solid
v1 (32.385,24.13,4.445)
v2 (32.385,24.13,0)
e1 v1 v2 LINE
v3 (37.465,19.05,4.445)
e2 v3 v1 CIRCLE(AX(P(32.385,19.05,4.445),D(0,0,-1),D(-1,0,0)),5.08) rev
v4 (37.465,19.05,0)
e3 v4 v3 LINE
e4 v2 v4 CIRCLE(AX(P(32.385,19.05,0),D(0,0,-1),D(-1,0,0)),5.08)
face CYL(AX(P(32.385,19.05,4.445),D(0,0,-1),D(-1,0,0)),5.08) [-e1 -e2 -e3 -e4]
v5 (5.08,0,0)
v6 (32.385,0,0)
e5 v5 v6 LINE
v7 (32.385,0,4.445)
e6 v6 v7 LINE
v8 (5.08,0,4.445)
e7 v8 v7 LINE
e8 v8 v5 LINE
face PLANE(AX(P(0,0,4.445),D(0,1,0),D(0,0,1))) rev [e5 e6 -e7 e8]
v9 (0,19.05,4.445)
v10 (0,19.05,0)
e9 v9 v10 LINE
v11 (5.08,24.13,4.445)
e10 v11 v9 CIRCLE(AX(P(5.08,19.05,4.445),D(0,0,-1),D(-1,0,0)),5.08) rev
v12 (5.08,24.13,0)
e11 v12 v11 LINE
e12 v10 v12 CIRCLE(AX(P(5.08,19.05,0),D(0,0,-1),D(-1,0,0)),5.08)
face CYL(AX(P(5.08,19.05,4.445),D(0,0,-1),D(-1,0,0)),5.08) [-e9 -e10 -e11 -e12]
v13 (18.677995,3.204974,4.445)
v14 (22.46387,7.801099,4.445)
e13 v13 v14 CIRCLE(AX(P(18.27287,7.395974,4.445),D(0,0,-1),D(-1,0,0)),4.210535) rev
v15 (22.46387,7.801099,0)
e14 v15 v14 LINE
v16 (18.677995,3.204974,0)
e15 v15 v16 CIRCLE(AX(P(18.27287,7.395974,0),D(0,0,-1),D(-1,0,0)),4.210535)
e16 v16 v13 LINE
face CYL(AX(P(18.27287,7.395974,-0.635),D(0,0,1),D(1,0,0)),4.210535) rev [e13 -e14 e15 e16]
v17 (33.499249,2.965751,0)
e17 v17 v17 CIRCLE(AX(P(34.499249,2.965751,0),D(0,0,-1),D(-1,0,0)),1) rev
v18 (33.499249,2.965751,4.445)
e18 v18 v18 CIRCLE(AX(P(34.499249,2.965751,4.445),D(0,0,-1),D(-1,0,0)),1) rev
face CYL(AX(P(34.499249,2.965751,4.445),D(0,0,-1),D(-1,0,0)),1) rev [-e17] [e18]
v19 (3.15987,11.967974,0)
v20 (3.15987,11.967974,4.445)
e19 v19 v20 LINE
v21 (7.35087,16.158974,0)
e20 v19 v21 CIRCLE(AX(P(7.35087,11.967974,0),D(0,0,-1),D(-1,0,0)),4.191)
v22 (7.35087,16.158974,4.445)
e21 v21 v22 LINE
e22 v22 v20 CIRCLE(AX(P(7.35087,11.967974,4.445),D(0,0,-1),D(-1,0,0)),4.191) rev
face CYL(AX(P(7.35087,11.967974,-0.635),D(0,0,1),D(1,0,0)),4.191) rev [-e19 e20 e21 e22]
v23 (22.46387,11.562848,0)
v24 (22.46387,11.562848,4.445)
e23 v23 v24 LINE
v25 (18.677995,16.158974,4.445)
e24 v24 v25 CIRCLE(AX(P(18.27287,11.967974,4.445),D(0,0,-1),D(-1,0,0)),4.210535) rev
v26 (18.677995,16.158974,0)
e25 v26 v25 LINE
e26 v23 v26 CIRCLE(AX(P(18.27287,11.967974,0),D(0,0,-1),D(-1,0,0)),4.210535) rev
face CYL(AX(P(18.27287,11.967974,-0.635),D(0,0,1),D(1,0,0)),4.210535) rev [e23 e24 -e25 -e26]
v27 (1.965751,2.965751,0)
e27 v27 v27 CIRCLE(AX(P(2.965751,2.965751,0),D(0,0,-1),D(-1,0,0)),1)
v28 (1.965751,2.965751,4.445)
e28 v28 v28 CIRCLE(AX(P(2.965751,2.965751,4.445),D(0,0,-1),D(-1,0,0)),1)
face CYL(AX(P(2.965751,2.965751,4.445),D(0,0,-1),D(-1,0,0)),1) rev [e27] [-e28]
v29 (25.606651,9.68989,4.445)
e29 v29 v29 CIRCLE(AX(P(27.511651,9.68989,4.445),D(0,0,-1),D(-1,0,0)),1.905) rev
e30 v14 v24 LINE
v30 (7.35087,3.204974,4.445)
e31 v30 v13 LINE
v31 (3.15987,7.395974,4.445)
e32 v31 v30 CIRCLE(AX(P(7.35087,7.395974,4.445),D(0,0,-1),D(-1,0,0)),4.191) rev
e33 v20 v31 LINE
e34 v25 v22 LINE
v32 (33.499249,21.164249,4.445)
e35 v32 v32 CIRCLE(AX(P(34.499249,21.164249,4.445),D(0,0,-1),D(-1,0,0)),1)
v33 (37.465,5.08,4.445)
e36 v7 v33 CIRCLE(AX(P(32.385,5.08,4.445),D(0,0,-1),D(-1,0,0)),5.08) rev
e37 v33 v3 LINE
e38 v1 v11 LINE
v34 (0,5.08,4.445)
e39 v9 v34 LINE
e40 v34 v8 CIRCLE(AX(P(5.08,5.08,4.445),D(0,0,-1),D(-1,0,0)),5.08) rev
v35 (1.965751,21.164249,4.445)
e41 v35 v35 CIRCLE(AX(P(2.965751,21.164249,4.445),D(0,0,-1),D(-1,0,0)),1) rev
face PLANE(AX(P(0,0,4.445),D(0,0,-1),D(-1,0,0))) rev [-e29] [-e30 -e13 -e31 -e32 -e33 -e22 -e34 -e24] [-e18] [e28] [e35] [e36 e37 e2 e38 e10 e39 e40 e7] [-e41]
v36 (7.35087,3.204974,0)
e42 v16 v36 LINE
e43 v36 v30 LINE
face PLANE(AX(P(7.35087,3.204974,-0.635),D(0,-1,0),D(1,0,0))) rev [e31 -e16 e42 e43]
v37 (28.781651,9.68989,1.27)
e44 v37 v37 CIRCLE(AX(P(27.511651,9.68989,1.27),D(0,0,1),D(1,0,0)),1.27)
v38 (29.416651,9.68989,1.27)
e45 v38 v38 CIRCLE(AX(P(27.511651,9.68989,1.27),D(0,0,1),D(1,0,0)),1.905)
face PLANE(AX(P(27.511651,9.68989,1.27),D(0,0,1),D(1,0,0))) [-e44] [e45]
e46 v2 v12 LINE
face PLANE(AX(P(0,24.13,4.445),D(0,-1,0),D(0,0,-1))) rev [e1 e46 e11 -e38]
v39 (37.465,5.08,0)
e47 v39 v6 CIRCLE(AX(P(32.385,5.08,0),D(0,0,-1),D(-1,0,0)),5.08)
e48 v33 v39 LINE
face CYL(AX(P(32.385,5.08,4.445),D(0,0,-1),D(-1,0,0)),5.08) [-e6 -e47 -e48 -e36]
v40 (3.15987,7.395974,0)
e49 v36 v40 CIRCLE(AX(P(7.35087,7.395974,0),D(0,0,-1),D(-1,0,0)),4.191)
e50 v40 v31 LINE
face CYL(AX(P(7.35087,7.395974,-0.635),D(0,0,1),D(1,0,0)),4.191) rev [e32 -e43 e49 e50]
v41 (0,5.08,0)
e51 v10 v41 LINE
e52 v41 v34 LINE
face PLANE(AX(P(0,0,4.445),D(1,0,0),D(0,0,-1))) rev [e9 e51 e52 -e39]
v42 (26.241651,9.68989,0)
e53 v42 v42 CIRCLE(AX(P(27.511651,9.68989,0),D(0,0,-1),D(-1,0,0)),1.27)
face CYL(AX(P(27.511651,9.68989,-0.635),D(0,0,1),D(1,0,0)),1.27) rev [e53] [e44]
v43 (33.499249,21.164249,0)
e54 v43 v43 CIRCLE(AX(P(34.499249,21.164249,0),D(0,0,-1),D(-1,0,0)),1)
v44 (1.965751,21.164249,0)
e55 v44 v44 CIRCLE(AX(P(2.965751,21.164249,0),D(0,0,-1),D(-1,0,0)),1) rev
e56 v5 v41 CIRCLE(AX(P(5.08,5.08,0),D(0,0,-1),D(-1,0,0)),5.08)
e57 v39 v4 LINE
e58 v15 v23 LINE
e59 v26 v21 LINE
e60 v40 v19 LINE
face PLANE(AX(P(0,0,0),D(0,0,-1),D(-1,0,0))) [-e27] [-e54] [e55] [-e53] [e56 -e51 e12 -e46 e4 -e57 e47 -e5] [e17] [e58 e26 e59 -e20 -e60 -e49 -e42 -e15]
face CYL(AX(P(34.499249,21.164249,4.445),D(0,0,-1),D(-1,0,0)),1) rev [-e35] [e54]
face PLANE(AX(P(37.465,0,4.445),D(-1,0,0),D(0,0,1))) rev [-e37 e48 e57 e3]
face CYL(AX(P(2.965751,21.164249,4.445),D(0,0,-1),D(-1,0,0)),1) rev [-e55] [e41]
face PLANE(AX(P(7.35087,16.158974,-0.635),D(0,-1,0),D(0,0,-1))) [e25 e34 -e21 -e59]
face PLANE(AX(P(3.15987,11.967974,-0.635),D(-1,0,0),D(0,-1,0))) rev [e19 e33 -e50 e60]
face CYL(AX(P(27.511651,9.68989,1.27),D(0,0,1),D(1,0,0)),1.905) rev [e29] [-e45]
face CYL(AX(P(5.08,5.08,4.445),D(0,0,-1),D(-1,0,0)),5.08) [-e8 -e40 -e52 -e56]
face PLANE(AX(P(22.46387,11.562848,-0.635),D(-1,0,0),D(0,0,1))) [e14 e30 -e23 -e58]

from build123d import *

# Parameters (mm, degrees)
SKETCH1_W           = 37.465
SKETCH1_H           = 24.13
BOSS_EXTRUDE1_DEPTH = 4.445
CUT_EXTRUDE2_DEPTH  = 2.54
FILLET1_R           = 5.08
CUT_EXTRUDE4_DEPTH  = 2.54
SKETCH4_R           = 1.27
CUT_EXTRUDE5_DEPTH  = 2.54
SKETCH5_R           = 1.905
SKETCH5_R_2         = 1.27
CUT_EXTRUDE6_DEPTH  = 0.635
CUT_EXTRUDE7_DEPTH  = 2.54
BOSS_EXTRUDE2_START = 2.54
SKETCH7_R           = 1.905
BOSS_EXTRUDE2_DEPTH = 2.54
SKETCH8_R           = 1
CUT_EXTRUDE8_DEPTH  = 45.784385114


with BuildPart() as part:
    # Sketch1 → Boss-Extrude1 (new body)
    with BuildSketch(Plane.XY):
        with Locations((18.7325, 12.065)):
            Rectangle(SKETCH1_W, SKETCH1_H)
    extrude(amount=BOSS_EXTRUDE1_DEPTH)

    # Sketch2 → Cut-Extrude2 (cut)
    # profile 1 of 4: a face of its own
    with BuildSketch(Plane.XY.offset(4.445)):
        with BuildLine():
            Line((35.59175, 5.7785), (35.59175, 12.065))
            Line((35.59175, 12.065), (35.59175, 18.3515))
            ThreePointArc((35.59175, 18.3515), (34.135361545, 21.710109865), (30.681521372, 22.9235))
            Line((30.681521372, 22.9235), (18.7325, 22.9235))
            Line((18.7325, 22.9235), (6.107021372, 22.9235))
            ThreePointArc((6.107021372, 22.9235), (3.090639267, 21.470453234), (1.87325, 18.3515))
            Line((1.87325, 18.3515), (1.87325, 12.065))
            Line((1.87325, 12.065), (1.87325, 5.7785))
            ThreePointArc((1.87325, 5.7785), (3.212357796, 2.545607796), (6.44525, 1.2065))
            Line((6.44525, 1.2065), (18.7325, 1.2065))
            Line((18.7325, 1.2065), (31.01975, 1.2065))
            ThreePointArc((31.01975, 1.2065), (34.252642204, 2.545607796), (35.59175, 5.7785))
        make_face()
        with BuildLine():
            ThreePointArc((7.493, 3.175), (4.439712919, 4.439712919), (3.175, 7.493))
            Line((3.175, 7.493), (3.175, 16.637))
            ThreePointArc((3.175, 16.637), (4.317872951, 19.576666289), (7.154771372, 20.955))
            Line((7.154771372, 20.955), (7.493, 20.955))
            Line((7.493, 20.955), (29.633771372, 20.955))
            ThreePointArc((29.633771372, 20.955), (32.908147923, 19.81638289), (34.29, 16.637))
            Line((34.29, 16.637), (34.29, 7.493))
            ThreePointArc((34.29, 7.493), (33.025287081, 4.439712919), (29.972, 3.175))
            Line((29.972, 3.175), (7.493, 3.175))
        make_face(mode=Mode.SUBTRACT)
    # profile 2 of 4: a face of its own
    with BuildSketch(Plane.XY.offset(4.445)):
        with BuildLine():
            ThreePointArc((3.175, 16.637), (4.439712919, 19.690287081), (7.493, 20.955))
            Line((7.493, 20.955), (29.972, 20.955))
            ThreePointArc((29.972, 20.955), (33.025287081, 19.690287081), (34.29, 16.637))
            Line((34.29, 16.637), (34.29, 7.493))
            ThreePointArc((34.29, 7.493), (33.025287081, 4.439712919), (29.972, 3.175))
            Line((29.972, 3.175), (7.493, 3.175))
            ThreePointArc((7.493, 3.175), (4.439712919, 4.439712919), (3.175, 7.493))
            Line((3.175, 7.493), (3.175, 16.637))
        make_face()
    # profile 3 of 4: a face of its own
    with BuildSketch(Plane.XY.offset(4.445)):
        with BuildLine():
            ThreePointArc((7.154771372, 20.955), (4.317872951, 19.576666289), (3.175, 16.637))
            ThreePointArc((3.175, 16.637), (4.439712919, 19.690287081), (7.493, 20.955))
            Line((7.493, 20.955), (7.154771372, 20.955))
        make_face()
    # profile 4 of 4: a face of its own
    with BuildSketch(Plane.XY.offset(4.445)):
        with BuildLine():
            ThreePointArc((34.29, 16.637), (32.908147923, 19.81638289), (29.633771372, 20.955))
            Line((29.633771372, 20.955), (29.972, 20.955))
            ThreePointArc((29.972, 20.955), (33.025287081, 19.690287081), (34.29, 16.637))
        make_face()
    extrude(amount=-CUT_EXTRUDE2_DEPTH, mode=Mode.SUBTRACT)

    # Fillet1
    fillet1_edges = [part.edges().sort_by_distance(p)[0] for p in [
        (0, 24.13, 2.2225),
        (37.465, 24.13, 2.2225),
        (37.465, 0, 2.2225),
        (0, 0, 2.2225),
    ]]
    fillet(fillet1_edges, radius=FILLET1_R)

    # Sketch3 → Cut-Extrude4 (cut)
    with BuildSketch(Plane.XY.offset(1.905)):
        with BuildLine():
            Line((7.350869654, 16.158973759), (18.677995313, 16.158973759))
            ThreePointArc((18.677995313, 16.158973759), (21.522821275, 14.644991178), (22.463869654, 11.5628481))
            Line((22.463869654, 11.5628481), (22.463869654, 7.801099417))
            ThreePointArc((22.463869654, 7.801099417), (21.522821275, 4.718956339), (18.677995313, 3.204973759))
            Line((18.677995313, 3.204973759), (7.350869654, 3.204973759))
            ThreePointArc((7.350869654, 3.204973759), (4.387385134, 4.432489239), (3.159869654, 7.395973759))
            Line((3.159869654, 7.395973759), (3.159869654, 11.967973759))
            ThreePointArc((3.159869654, 11.967973759), (4.387385134, 14.931458278), (7.350869654, 16.158973759))
        make_face()
    extrude(amount=-CUT_EXTRUDE4_DEPTH, mode=Mode.SUBTRACT)

    # Sketch4 → Cut-Extrude5 (cut)
    with BuildSketch(Plane.XY.offset(1.905)):
        with Locations((27.511650569, 9.68988988)):
            Circle(SKETCH4_R)
    extrude(amount=-CUT_EXTRUDE5_DEPTH, mode=Mode.SUBTRACT)

    # Sketch5 → Cut-Extrude6 (cut)
    with BuildSketch(Plane.XY.offset(1.905)):
        with Locations((27.511650569, 9.68988988)):
            Circle(SKETCH5_R)
        with Locations((27.511650569, 9.68988988)):
            Circle(SKETCH5_R_2, mode=Mode.SUBTRACT)
    extrude(amount=-CUT_EXTRUDE6_DEPTH, mode=Mode.SUBTRACT)

    # Sketch6 → Cut-Extrude7 (cut)
    with BuildSketch(Plane.XY.offset(4.445)):
        with BuildLine():
            Line((1.542829573, 18.47723), (1.542829573, 5.65277))
            ThreePointArc((1.542829573, 5.65277), (2.908719525, 2.355219952), (6.206269573, 0.98933))
            Line((6.206269573, 0.98933), (31.272259573, 0.98933))
            ThreePointArc((31.272259573, 0.98933), (34.56980962, 2.355219952), (35.935699573, 5.65277))
            Line((35.935699573, 5.65277), (35.935699573, 18.47723))
            ThreePointArc((35.935699573, 18.47723), (34.450183348, 21.903012063), (30.927266372, 23.14067))
            Line((30.927266372, 23.14067), (5.861276372, 23.14067))
            ThreePointArc((5.861276372, 23.14067), (2.784566625, 21.658562299), (1.542829573, 18.47723))
        make_face()
        with BuildLine():
            Line((6.44525, 1.2065), (31.01975, 1.2065))
            ThreePointArc((31.01975, 1.2065), (34.252642204, 2.545607796), (35.59175, 5.7785))
            Line((35.59175, 5.7785), (35.59175, 18.3515))
            ThreePointArc((35.59175, 18.3515), (34.135361545, 21.710109865), (30.681521372, 22.9235))
            Line((30.681521372, 22.9235), (6.107021372, 22.9235))
            ThreePointArc((6.107021372, 22.9235), (3.090639267, 21.470453234), (1.87325, 18.3515))
            Line((1.87325, 18.3515), (1.87325, 5.7785))
            ThreePointArc((1.87325, 5.7785), (3.212357796, 2.545607796), (6.44525, 1.2065))
        make_face(mode=Mode.SUBTRACT)
    extrude(amount=-CUT_EXTRUDE7_DEPTH, mode=Mode.SUBTRACT)

    # Sketch7 → Boss-Extrude2 (add)
    with BuildSketch(Plane.XY.offset(1.905).offset(BOSS_EXTRUDE2_START)):
        with BuildLine():
            Line((1.542829573, 18.47723), (1.542829573, 5.65277))
            ThreePointArc((1.542829573, 5.65277), (2.908719525, 2.355219952), (6.206269573, 0.98933))
            Line((6.206269573, 0.98933), (31.272259573, 0.98933))
            ThreePointArc((31.272259573, 0.98933), (34.56980962, 2.355219952), (35.935699573, 5.65277))
            Line((35.935699573, 5.65277), (35.935699573, 18.47723))
            ThreePointArc((35.935699573, 18.47723), (34.450183348, 21.903012063), (30.927266372, 23.14067))
            Line((30.927266372, 23.14067), (5.861276372, 23.14067))
            ThreePointArc((5.861276372, 23.14067), (2.784566625, 21.658562299), (1.542829573, 18.47723))
        make_face()
        with Locations((27.511650569, 9.68988988)):
            Circle(SKETCH7_R, mode=Mode.SUBTRACT)
        with BuildLine():
            Line((3.159869654, 7.395973759), (3.159869654, 11.967973759))
            ThreePointArc((3.159869654, 11.967973759), (4.387385134, 14.931458278), (7.350869654, 16.158973759))
            Line((7.350869654, 16.158973759), (18.677995313, 16.158973759))
            ThreePointArc((18.677995313, 16.158973759), (21.522821275, 14.644991178), (22.463869654, 11.5628481))
            Line((22.463869654, 11.5628481), (22.463869654, 7.801099417))
            ThreePointArc((22.463869654, 7.801099417), (21.522821275, 4.718956339), (18.677995313, 3.204973759))
            Line((18.677995313, 3.204973759), (7.350869654, 3.204973759))
            ThreePointArc((7.350869654, 3.204973759), (4.387385134, 4.432489239), (3.159869654, 7.395973759))
        make_face(mode=Mode.SUBTRACT)
    extrude(amount=-BOSS_EXTRUDE2_DEPTH)

    # Sketch8 → Cut-Extrude8 (cut, through all)
    with BuildSketch(Plane(origin=(0, 0, 0), x_dir=(-1, 0, 0), z_dir=(0, 0, -1))):
        with Locations((-34.499249276, 21.164249276)):
            Circle(SKETCH8_R)
        with Locations((-34.499249276, 2.965750724)):
            Circle(SKETCH8_R)
        with Locations((-2.965750724, 2.965750724)):
            Circle(SKETCH8_R)
        with Locations((-2.965750724, 21.164249276)):
            Circle(SKETCH8_R)
    extrude(amount=-CUT_EXTRUDE8_DEPTH, mode=Mode.SUBTRACT)


solid = part.part
